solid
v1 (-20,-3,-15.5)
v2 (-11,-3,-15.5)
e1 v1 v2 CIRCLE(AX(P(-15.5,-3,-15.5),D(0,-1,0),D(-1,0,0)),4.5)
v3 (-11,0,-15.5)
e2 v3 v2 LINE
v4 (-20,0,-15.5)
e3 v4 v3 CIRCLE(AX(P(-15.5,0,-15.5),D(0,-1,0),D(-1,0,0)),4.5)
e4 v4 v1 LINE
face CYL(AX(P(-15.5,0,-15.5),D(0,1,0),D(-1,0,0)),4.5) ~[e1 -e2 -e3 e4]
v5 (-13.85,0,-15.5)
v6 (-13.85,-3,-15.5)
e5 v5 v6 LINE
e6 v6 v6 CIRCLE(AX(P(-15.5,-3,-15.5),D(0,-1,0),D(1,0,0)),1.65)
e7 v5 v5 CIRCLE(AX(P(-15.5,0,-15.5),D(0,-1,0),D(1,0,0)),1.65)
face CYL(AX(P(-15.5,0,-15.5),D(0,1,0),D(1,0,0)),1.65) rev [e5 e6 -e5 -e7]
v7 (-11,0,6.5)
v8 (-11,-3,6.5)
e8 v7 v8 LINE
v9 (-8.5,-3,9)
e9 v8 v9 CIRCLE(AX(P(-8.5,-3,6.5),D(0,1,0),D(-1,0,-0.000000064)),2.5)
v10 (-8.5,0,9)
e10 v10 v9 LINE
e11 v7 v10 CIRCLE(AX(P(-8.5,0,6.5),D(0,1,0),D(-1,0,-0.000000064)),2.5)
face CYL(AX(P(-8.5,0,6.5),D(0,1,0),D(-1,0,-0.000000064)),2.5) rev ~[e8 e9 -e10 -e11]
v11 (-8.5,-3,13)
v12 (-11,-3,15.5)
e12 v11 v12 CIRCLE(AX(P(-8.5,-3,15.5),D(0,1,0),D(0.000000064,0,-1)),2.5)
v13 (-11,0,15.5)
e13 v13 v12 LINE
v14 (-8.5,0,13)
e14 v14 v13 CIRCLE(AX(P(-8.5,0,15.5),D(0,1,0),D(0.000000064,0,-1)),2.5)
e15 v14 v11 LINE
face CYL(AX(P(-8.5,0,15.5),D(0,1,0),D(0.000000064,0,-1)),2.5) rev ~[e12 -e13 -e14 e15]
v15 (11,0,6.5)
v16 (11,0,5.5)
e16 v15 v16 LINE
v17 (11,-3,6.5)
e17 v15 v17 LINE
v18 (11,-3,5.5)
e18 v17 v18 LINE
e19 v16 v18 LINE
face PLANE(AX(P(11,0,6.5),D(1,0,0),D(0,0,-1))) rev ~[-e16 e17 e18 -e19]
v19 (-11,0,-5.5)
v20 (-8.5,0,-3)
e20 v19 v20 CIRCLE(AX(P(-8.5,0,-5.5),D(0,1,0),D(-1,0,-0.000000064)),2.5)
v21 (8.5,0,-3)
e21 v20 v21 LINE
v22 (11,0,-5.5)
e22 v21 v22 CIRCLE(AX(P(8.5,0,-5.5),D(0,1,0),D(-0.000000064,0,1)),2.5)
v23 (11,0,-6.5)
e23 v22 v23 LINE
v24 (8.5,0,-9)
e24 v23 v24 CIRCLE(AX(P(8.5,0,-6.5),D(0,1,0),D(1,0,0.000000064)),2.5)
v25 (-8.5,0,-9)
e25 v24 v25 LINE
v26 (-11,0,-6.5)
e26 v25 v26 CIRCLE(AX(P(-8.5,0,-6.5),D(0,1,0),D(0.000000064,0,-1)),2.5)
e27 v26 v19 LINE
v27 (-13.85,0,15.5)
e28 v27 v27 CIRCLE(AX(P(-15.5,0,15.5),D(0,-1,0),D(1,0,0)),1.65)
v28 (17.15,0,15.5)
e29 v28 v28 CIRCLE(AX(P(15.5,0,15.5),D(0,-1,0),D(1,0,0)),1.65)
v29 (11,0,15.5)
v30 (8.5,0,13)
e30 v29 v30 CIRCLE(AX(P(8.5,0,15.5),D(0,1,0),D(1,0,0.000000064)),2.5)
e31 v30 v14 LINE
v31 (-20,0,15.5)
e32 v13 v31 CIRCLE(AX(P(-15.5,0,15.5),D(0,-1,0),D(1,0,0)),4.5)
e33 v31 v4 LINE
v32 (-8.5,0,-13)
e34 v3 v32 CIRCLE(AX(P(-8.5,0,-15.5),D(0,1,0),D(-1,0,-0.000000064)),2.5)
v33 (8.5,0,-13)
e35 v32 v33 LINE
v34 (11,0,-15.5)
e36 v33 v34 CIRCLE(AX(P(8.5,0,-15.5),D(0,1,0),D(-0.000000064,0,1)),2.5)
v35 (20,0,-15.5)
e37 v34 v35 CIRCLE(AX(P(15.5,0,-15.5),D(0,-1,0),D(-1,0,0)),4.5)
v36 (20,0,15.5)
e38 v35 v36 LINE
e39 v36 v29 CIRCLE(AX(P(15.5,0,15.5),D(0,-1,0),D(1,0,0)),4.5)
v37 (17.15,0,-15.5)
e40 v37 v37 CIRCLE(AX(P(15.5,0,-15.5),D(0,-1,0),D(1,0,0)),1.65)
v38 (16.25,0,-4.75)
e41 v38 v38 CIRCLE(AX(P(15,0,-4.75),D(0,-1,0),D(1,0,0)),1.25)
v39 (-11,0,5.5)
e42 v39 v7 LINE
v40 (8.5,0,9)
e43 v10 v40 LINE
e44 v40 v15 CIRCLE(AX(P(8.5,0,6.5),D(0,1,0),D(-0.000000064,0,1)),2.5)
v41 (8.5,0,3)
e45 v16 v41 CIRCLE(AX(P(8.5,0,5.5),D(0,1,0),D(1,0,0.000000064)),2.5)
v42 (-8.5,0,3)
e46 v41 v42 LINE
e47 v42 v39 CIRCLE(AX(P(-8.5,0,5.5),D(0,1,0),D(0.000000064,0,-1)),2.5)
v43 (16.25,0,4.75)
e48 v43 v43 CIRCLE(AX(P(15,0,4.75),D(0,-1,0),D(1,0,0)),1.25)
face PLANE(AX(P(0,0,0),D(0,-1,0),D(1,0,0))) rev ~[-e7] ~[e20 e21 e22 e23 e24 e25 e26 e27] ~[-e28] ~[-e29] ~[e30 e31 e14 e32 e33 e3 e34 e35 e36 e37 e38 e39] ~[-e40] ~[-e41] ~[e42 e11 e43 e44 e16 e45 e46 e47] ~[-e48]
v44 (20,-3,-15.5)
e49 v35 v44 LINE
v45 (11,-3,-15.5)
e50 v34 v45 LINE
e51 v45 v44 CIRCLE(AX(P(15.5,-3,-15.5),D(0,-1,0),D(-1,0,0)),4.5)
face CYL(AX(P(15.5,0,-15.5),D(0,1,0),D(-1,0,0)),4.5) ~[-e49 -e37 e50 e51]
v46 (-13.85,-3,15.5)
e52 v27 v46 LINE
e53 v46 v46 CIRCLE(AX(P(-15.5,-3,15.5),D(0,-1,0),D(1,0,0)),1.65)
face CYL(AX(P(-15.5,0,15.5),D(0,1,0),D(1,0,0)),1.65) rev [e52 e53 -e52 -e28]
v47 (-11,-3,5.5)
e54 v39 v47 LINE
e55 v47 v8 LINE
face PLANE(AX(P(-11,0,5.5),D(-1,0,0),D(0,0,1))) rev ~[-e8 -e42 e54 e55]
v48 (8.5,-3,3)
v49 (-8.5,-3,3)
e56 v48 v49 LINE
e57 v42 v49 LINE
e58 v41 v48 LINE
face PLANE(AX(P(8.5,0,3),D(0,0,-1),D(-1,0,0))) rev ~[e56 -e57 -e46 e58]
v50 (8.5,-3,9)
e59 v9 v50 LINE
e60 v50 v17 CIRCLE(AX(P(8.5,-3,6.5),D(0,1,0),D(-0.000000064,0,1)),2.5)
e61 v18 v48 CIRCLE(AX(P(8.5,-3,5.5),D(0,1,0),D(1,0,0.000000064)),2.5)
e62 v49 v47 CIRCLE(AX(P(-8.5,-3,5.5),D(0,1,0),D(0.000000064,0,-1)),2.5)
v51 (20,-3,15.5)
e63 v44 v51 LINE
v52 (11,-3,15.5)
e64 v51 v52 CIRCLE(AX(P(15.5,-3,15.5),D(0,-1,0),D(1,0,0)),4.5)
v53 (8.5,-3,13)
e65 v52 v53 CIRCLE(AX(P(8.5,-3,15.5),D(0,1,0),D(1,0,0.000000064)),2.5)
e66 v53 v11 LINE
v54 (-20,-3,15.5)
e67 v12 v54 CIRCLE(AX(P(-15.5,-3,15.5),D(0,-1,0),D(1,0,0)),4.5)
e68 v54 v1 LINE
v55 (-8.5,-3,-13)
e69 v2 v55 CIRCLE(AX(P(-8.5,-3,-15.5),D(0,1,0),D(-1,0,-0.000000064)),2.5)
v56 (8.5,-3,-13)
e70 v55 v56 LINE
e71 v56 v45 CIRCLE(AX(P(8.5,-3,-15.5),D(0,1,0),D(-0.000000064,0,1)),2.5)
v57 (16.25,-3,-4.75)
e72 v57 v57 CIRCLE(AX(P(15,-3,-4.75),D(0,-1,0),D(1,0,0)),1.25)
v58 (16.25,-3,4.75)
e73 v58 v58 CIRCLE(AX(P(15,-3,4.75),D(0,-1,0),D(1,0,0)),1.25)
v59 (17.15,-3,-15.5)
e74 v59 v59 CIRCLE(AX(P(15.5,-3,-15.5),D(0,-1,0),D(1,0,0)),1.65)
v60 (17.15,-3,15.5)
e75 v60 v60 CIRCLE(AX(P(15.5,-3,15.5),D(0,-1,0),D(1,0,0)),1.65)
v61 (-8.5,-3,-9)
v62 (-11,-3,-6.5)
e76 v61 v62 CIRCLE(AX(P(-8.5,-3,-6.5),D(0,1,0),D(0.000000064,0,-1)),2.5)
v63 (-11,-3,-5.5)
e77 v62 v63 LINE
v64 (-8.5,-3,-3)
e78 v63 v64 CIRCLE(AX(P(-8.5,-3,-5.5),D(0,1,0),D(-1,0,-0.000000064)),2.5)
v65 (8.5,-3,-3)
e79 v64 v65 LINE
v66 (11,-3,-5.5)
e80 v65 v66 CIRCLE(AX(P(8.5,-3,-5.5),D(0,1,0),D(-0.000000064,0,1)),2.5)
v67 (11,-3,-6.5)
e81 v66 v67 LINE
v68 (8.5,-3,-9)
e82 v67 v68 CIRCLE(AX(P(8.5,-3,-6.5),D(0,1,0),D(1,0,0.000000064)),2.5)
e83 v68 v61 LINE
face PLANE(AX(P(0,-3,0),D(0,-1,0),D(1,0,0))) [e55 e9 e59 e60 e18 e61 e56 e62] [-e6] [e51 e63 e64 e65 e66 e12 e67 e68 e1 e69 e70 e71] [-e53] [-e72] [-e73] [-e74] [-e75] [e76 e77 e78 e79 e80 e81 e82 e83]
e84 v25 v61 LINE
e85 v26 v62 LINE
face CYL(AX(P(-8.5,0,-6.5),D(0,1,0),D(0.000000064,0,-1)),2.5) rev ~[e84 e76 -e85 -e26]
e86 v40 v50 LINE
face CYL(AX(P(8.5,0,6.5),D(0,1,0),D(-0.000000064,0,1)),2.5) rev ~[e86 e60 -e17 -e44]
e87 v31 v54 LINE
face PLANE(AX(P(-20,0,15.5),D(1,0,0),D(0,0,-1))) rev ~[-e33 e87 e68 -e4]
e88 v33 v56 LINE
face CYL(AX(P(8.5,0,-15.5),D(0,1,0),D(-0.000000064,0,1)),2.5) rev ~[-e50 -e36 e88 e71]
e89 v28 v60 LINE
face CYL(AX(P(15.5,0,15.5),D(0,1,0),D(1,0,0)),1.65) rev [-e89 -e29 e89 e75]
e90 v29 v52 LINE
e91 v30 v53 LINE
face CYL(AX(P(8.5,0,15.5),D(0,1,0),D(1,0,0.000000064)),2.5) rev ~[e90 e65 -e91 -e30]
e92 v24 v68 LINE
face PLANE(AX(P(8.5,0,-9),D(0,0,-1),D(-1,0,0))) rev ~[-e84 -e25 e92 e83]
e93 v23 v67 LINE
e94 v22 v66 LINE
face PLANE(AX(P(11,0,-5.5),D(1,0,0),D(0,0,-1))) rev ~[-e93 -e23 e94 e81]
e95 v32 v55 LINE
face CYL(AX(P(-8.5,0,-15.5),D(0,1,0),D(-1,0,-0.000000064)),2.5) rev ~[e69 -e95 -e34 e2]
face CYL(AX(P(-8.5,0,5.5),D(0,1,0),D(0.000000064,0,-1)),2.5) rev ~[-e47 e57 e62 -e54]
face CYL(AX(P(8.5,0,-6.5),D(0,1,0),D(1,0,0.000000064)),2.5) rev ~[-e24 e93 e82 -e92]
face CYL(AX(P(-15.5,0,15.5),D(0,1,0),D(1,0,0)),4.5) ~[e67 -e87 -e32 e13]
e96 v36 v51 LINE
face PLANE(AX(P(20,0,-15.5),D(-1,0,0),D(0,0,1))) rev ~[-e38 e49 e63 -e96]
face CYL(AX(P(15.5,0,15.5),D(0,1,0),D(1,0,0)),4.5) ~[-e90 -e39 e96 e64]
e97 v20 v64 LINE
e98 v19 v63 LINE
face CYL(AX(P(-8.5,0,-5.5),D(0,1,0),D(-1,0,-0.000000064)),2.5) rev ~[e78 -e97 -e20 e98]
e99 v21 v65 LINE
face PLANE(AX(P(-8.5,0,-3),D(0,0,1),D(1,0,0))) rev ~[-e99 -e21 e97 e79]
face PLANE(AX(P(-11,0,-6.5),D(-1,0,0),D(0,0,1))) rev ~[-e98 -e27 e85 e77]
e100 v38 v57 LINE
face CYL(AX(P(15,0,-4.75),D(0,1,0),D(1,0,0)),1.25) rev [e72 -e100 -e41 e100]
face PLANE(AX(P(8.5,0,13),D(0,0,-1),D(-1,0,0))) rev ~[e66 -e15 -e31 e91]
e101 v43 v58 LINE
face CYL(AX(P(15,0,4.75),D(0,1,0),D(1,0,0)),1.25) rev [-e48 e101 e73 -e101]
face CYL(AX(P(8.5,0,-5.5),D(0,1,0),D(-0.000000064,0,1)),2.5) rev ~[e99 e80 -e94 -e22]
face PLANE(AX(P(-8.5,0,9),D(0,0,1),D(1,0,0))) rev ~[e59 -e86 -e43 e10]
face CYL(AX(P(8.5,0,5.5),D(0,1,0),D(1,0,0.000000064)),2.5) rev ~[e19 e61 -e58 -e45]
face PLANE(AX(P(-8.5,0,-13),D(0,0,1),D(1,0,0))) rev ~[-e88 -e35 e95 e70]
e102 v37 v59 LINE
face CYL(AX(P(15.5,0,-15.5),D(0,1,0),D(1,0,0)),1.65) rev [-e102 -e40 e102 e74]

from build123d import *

# Parameters (mm, degrees)
F0_R     = 1.65
F0_R_2   = 1.25
F1_DEPTH = 3


with BuildPart() as f1:
    # F0 (on Front) → F1 (new body)
    with BuildSketch(Plane.XZ):
        with BuildLine():
            ThreePointArc((-8.5, 13), (-10.267767, 13.732233), (-11, 15.5))
            ThreePointArc((-11, 15.5), (-15.5, 20), (-20, 15.5))
            Line((-20, 15.5), (-20, -15.5))
            ThreePointArc((-20, -15.5), (-15.5, -20), (-11, -15.5))
            ThreePointArc((-11, -15.5), (-10.267767, -13.732233), (-8.5, -13))
            Line((-8.5, -13), (8.5, -13))
            ThreePointArc((8.5, -13), (10.267767, -13.732233), (11, -15.5))
            ThreePointArc((11, -15.5), (15.5, -20), (20, -15.5))
            Line((20, -15.5), (20, 15.5))
            ThreePointArc((20, 15.5), (15.5, 20), (11, 15.5))
            ThreePointArc((11, 15.5), (10.267767, 13.732233), (8.5, 13))
            Line((8.5, 13), (-8.5, 13))
        make_face()
        with Locations((-15.5, -15.5)):
            Circle(F0_R, mode=Mode.SUBTRACT)
        with Locations((15.5, -15.5)):
            Circle(F0_R, mode=Mode.SUBTRACT)
        with BuildLine():
            Line((-8.5, -3), (8.5, -3))
            ThreePointArc((8.5, -3), (10.267767, -3.732233), (11, -5.5))
            Line((11, -5.5), (11, -6.5))
            ThreePointArc((11, -6.5), (10.267767, -8.267767), (8.5, -9))
            Line((8.5, -9), (-8.5, -9))
            ThreePointArc((-8.5, -9), (-10.267767, -8.267767), (-11, -6.5))
            Line((-11, -6.5), (-11, -5.5))
            ThreePointArc((-11, -5.5), (-10.267767, -3.732233), (-8.5, -3))
        make_face(mode=Mode.SUBTRACT)
        with Locations((15, -4.75)):
            Circle(F0_R_2, mode=Mode.SUBTRACT)
        with Locations((-15.5, 15.5)):
            Circle(F0_R, mode=Mode.SUBTRACT)
        with BuildLine():
            ThreePointArc((11, 5.5), (10.267767, 3.732233), (8.5, 3))
            Line((8.5, 3), (-8.5, 3))
            ThreePointArc((-8.5, 3), (-10.267767, 3.732233), (-11, 5.5))
            Line((-11, 5.5), (-11, 6.5))
            ThreePointArc((-11, 6.5), (-10.267767, 8.267767), (-8.5, 9))
            Line((-8.5, 9), (8.5, 9))
            ThreePointArc((8.5, 9), (10.267767, 8.267767), (11, 6.5))
            Line((11, 6.5), (11, 5.5))
        make_face(mode=Mode.SUBTRACT)
        with Locations((15, 4.75)):
            Circle(F0_R_2, mode=Mode.SUBTRACT)
        with Locations((15.5, 15.5)):
            Circle(F0_R, mode=Mode.SUBTRACT)
    extrude(amount=F1_DEPTH)


solid = f1.part
